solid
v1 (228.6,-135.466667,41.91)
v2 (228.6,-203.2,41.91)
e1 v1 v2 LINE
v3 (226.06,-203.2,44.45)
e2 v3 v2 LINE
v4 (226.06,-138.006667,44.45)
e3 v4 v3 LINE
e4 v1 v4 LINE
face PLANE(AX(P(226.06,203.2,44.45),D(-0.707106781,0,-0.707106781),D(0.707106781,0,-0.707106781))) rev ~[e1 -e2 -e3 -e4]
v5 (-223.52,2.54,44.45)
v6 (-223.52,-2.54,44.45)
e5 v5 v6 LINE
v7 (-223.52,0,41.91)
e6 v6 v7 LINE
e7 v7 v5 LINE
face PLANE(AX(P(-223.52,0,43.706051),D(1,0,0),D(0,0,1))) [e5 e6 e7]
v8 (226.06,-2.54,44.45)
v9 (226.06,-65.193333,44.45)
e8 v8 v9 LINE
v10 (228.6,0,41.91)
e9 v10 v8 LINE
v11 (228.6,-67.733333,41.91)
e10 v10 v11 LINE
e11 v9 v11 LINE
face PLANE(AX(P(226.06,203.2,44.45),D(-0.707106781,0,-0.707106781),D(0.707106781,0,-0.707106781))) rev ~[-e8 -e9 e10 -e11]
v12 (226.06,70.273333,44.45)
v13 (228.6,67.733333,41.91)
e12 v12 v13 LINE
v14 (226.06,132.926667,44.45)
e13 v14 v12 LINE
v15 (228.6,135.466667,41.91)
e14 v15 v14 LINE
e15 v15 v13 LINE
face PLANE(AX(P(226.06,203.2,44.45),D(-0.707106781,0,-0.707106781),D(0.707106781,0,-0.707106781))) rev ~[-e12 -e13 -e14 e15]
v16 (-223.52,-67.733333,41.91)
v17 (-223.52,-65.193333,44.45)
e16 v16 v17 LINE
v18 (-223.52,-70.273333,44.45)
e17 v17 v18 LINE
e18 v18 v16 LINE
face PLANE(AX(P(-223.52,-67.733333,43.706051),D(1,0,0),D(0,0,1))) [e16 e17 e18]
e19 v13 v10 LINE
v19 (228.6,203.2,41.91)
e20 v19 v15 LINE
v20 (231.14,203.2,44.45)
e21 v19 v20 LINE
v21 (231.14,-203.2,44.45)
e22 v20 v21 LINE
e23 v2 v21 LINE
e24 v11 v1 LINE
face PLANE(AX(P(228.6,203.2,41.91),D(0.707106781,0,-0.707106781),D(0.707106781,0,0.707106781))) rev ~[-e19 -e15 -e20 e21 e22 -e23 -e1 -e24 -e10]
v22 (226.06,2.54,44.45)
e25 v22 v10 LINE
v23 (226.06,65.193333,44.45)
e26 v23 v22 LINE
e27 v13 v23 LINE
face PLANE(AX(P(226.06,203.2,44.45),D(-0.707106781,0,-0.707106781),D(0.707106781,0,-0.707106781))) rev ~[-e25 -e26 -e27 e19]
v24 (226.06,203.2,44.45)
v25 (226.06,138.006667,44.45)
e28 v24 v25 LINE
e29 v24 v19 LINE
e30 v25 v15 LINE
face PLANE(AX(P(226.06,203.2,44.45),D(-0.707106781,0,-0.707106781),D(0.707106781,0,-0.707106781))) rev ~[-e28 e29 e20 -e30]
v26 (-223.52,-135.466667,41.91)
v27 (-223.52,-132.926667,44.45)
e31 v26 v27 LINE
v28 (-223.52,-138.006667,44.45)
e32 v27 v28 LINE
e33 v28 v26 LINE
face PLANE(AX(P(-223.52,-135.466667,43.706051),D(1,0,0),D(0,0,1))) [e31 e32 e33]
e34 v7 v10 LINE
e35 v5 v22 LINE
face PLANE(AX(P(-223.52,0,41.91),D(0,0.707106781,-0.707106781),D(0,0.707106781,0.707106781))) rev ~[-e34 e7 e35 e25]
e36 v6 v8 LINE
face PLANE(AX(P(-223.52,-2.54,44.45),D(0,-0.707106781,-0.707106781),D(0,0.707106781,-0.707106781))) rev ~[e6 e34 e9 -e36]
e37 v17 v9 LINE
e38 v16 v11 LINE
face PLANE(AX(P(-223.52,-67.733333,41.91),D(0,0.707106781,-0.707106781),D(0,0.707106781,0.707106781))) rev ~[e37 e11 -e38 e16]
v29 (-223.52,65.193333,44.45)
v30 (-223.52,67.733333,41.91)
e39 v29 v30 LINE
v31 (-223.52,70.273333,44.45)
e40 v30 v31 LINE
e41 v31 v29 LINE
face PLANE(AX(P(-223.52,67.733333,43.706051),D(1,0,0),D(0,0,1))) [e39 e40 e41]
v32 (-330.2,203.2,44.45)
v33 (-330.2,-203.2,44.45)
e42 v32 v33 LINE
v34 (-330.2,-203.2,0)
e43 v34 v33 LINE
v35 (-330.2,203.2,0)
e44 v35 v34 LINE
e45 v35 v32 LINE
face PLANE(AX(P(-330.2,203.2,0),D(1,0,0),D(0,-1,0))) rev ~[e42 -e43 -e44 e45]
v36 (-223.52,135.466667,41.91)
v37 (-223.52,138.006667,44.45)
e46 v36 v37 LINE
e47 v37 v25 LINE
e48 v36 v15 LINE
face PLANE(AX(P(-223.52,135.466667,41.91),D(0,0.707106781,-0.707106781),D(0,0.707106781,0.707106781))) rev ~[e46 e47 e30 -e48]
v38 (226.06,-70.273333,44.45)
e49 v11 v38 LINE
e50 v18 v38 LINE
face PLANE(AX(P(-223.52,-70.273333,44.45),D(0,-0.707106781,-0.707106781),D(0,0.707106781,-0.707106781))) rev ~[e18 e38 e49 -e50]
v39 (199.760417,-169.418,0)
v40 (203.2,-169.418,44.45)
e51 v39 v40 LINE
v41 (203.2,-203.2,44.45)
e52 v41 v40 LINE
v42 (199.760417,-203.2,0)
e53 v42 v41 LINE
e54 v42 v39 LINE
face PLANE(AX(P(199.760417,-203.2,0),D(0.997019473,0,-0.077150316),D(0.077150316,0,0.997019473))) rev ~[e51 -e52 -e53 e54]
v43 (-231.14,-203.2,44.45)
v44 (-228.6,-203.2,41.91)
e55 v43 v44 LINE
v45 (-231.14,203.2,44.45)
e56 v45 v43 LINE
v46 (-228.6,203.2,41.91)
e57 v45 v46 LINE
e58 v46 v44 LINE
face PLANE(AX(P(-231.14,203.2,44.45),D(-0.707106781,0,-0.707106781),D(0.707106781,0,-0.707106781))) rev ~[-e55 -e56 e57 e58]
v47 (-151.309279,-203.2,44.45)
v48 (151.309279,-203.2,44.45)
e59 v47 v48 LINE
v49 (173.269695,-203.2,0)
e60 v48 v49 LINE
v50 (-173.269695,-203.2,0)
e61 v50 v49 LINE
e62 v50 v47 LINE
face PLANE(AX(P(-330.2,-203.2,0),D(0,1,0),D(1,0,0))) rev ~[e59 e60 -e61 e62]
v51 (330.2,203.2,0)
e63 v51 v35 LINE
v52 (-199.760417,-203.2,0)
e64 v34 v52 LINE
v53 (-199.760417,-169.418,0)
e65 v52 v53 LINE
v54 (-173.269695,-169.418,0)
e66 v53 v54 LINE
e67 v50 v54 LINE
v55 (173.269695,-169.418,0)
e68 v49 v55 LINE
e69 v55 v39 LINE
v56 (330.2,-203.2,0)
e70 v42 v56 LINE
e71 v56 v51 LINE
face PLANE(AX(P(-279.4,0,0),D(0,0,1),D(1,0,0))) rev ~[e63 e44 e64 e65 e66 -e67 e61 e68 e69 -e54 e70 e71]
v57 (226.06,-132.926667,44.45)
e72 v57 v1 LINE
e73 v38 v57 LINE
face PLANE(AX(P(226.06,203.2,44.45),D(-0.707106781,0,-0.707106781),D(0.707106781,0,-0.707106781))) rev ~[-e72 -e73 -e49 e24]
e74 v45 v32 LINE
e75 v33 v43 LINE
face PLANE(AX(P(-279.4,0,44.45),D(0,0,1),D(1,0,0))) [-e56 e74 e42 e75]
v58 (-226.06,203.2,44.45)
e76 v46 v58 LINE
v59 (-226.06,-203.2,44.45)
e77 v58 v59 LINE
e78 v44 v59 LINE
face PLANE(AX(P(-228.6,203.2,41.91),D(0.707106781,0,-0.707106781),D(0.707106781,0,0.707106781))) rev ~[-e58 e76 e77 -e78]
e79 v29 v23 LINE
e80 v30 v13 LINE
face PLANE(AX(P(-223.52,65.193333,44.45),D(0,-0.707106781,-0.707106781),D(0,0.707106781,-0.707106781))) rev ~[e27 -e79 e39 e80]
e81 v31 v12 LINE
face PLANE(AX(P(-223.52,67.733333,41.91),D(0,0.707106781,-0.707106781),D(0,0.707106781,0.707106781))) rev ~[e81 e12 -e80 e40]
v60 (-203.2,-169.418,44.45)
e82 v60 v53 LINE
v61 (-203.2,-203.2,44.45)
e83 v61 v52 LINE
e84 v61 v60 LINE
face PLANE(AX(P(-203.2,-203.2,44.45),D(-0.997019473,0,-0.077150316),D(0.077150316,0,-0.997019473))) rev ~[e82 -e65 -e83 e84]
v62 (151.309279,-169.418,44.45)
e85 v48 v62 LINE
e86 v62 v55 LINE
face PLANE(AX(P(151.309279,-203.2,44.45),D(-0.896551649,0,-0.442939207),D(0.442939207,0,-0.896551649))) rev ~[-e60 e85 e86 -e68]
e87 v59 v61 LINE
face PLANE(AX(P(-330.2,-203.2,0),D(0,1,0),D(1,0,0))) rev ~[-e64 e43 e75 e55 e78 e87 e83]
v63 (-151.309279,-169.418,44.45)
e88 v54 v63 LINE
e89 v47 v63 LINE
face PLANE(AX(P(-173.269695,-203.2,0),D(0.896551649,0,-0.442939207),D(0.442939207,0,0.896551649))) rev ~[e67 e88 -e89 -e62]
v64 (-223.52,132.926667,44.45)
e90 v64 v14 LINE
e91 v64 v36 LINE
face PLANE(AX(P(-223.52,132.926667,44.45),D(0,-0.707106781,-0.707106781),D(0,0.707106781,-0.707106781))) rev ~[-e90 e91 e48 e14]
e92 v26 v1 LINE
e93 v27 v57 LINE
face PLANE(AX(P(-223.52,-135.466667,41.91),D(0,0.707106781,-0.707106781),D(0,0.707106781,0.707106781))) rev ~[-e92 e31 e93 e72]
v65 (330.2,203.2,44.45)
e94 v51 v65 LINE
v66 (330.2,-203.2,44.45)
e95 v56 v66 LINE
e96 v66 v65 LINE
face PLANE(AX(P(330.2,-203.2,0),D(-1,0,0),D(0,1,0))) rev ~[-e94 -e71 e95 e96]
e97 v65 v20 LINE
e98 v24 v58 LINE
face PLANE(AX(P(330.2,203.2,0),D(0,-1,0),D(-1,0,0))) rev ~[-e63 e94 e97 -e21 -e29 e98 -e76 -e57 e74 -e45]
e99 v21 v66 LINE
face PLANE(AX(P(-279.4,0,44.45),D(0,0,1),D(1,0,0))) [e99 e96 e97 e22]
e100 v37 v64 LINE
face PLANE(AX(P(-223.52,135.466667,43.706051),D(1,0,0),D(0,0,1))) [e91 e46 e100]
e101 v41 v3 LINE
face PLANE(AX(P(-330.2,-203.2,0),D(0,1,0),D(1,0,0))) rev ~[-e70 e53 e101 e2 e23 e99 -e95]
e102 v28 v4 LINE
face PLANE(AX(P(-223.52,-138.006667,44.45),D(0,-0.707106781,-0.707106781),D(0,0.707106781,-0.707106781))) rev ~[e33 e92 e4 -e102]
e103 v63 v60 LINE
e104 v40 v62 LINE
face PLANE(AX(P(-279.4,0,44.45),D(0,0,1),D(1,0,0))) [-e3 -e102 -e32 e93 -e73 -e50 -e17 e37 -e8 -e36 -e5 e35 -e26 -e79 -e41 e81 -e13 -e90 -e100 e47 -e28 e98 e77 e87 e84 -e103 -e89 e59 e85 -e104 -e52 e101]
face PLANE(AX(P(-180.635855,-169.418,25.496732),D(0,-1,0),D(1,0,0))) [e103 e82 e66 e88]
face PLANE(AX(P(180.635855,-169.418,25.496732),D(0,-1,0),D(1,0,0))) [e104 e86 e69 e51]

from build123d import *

# Parameters (mm, degrees)
F0_W      = 457.2
F0_H      = 67.7333333333
F1_DEPTH  = 44.45
F10_DEPTH = 33.782


with BuildPart() as f1:
    # F0 (on Top) → F1 (new body)
    with BuildSketch(Plane.XY):
        Polygon((-228.6, 203.2), (-330.2, 203.2), (-330.2, -203.2), (-228.6, -203.2), (-228.6, -135.4666666667), (-228.6, -67.7333333333), (-228.6, 0), (-228.6, 67.7333333333), (-228.6, 135.4666666667), align=None)
        with Locations((0, -169.3333333333)):
            Rectangle(F0_W, F0_H)
        with Locations((0, -101.6)):
            Rectangle(F0_W, F0_H)
        with Locations((0, -33.8666666667)):
            Rectangle(F0_W, F0_H)
        with Locations((0, 33.8666666667)):
            Rectangle(F0_W, F0_H)
        with Locations((0, 101.6)):
            Rectangle(F0_W, F0_H)
        with Locations((0, 169.3333333333)):
            Rectangle(F0_W, F0_H)
        Polygon((330.2, 203.2), (228.6, 203.2), (228.6, 135.4666666667), (228.6, 67.7333333333), (228.6, 0), (228.6, -67.7333333333), (228.6, -135.4666666667), (228.6, -203.2), (330.2, -203.2), align=None)
    extrude(amount=F1_DEPTH)

    # F4: sweep along a path in F2
    with BuildLine(Plane.XY.offset(44.45)) as f4_path:
        Line((-228.6, 203.2), (-228.6, -203.2))
    # F3 (on face) → F4 (sweep, cut)
    with BuildSketch(Plane.XZ.offset(203.2)):
        Polygon((-226.06, 44.45), (-228.6, 44.45), (-231.14, 44.45), (-228.6, 41.91), align=None)
        Polygon((228.6, 44.45), (226.06, 44.45), (228.6, 41.91), (231.14, 44.45), align=None)
    sweep(path=f4_path.line, mode=Mode.SUBTRACT)

    # F8: sweep along a path in F6
    with BuildLine(Plane.XY.offset(44.45)) as f8_path:
        Line((-226.06, -67.7333333333), (226.06, -67.7333333333))
    # F7 (on offset) → F8 (sweep, cut)
    with BuildSketch(Plane.YZ.offset(228.6)):
        Polygon((-132.9266666667, 44.45), (-135.4666666667, 44.45), (-138.0066666667, 44.45), (-135.4666666667, 41.91), align=None)
        Polygon((-67.7333333333, 44.45), (-70.2733333333, 44.45), (-67.7333333333, 41.91), (-65.1933333333, 44.45), align=None)
        Polygon((0, 44.45), (-2.54, 44.45), (0, 41.91), (2.54, 44.45), align=None)
        Polygon((67.7333333333, 44.45), (65.1933333333, 44.45), (67.7333333333, 41.91), (70.2733333333, 44.45), align=None)
        Polygon((135.4666666667, 44.45), (132.9266666667, 44.45), (135.4666666667, 41.91), (138.0066666667, 44.45), align=None)
    sweep(path=f8_path.line, mode=Mode.SUBTRACT)

    # F9 (on face) → F10 (cut)
    with BuildSketch(Plane.XZ.offset(203.2)):
        Polygon((-173.269695488, 0), (-151.3092788213, 44.45), (-203.2, 44.45), (-199.7604166667, 0), align=None)
        Polygon((203.2, 44.45), (151.3092788213, 44.45), (173.269695488, 0), (199.7604166667, 0), align=None)
    extrude(amount=-F10_DEPTH, mode=Mode.SUBTRACT)


solid = f1.part
